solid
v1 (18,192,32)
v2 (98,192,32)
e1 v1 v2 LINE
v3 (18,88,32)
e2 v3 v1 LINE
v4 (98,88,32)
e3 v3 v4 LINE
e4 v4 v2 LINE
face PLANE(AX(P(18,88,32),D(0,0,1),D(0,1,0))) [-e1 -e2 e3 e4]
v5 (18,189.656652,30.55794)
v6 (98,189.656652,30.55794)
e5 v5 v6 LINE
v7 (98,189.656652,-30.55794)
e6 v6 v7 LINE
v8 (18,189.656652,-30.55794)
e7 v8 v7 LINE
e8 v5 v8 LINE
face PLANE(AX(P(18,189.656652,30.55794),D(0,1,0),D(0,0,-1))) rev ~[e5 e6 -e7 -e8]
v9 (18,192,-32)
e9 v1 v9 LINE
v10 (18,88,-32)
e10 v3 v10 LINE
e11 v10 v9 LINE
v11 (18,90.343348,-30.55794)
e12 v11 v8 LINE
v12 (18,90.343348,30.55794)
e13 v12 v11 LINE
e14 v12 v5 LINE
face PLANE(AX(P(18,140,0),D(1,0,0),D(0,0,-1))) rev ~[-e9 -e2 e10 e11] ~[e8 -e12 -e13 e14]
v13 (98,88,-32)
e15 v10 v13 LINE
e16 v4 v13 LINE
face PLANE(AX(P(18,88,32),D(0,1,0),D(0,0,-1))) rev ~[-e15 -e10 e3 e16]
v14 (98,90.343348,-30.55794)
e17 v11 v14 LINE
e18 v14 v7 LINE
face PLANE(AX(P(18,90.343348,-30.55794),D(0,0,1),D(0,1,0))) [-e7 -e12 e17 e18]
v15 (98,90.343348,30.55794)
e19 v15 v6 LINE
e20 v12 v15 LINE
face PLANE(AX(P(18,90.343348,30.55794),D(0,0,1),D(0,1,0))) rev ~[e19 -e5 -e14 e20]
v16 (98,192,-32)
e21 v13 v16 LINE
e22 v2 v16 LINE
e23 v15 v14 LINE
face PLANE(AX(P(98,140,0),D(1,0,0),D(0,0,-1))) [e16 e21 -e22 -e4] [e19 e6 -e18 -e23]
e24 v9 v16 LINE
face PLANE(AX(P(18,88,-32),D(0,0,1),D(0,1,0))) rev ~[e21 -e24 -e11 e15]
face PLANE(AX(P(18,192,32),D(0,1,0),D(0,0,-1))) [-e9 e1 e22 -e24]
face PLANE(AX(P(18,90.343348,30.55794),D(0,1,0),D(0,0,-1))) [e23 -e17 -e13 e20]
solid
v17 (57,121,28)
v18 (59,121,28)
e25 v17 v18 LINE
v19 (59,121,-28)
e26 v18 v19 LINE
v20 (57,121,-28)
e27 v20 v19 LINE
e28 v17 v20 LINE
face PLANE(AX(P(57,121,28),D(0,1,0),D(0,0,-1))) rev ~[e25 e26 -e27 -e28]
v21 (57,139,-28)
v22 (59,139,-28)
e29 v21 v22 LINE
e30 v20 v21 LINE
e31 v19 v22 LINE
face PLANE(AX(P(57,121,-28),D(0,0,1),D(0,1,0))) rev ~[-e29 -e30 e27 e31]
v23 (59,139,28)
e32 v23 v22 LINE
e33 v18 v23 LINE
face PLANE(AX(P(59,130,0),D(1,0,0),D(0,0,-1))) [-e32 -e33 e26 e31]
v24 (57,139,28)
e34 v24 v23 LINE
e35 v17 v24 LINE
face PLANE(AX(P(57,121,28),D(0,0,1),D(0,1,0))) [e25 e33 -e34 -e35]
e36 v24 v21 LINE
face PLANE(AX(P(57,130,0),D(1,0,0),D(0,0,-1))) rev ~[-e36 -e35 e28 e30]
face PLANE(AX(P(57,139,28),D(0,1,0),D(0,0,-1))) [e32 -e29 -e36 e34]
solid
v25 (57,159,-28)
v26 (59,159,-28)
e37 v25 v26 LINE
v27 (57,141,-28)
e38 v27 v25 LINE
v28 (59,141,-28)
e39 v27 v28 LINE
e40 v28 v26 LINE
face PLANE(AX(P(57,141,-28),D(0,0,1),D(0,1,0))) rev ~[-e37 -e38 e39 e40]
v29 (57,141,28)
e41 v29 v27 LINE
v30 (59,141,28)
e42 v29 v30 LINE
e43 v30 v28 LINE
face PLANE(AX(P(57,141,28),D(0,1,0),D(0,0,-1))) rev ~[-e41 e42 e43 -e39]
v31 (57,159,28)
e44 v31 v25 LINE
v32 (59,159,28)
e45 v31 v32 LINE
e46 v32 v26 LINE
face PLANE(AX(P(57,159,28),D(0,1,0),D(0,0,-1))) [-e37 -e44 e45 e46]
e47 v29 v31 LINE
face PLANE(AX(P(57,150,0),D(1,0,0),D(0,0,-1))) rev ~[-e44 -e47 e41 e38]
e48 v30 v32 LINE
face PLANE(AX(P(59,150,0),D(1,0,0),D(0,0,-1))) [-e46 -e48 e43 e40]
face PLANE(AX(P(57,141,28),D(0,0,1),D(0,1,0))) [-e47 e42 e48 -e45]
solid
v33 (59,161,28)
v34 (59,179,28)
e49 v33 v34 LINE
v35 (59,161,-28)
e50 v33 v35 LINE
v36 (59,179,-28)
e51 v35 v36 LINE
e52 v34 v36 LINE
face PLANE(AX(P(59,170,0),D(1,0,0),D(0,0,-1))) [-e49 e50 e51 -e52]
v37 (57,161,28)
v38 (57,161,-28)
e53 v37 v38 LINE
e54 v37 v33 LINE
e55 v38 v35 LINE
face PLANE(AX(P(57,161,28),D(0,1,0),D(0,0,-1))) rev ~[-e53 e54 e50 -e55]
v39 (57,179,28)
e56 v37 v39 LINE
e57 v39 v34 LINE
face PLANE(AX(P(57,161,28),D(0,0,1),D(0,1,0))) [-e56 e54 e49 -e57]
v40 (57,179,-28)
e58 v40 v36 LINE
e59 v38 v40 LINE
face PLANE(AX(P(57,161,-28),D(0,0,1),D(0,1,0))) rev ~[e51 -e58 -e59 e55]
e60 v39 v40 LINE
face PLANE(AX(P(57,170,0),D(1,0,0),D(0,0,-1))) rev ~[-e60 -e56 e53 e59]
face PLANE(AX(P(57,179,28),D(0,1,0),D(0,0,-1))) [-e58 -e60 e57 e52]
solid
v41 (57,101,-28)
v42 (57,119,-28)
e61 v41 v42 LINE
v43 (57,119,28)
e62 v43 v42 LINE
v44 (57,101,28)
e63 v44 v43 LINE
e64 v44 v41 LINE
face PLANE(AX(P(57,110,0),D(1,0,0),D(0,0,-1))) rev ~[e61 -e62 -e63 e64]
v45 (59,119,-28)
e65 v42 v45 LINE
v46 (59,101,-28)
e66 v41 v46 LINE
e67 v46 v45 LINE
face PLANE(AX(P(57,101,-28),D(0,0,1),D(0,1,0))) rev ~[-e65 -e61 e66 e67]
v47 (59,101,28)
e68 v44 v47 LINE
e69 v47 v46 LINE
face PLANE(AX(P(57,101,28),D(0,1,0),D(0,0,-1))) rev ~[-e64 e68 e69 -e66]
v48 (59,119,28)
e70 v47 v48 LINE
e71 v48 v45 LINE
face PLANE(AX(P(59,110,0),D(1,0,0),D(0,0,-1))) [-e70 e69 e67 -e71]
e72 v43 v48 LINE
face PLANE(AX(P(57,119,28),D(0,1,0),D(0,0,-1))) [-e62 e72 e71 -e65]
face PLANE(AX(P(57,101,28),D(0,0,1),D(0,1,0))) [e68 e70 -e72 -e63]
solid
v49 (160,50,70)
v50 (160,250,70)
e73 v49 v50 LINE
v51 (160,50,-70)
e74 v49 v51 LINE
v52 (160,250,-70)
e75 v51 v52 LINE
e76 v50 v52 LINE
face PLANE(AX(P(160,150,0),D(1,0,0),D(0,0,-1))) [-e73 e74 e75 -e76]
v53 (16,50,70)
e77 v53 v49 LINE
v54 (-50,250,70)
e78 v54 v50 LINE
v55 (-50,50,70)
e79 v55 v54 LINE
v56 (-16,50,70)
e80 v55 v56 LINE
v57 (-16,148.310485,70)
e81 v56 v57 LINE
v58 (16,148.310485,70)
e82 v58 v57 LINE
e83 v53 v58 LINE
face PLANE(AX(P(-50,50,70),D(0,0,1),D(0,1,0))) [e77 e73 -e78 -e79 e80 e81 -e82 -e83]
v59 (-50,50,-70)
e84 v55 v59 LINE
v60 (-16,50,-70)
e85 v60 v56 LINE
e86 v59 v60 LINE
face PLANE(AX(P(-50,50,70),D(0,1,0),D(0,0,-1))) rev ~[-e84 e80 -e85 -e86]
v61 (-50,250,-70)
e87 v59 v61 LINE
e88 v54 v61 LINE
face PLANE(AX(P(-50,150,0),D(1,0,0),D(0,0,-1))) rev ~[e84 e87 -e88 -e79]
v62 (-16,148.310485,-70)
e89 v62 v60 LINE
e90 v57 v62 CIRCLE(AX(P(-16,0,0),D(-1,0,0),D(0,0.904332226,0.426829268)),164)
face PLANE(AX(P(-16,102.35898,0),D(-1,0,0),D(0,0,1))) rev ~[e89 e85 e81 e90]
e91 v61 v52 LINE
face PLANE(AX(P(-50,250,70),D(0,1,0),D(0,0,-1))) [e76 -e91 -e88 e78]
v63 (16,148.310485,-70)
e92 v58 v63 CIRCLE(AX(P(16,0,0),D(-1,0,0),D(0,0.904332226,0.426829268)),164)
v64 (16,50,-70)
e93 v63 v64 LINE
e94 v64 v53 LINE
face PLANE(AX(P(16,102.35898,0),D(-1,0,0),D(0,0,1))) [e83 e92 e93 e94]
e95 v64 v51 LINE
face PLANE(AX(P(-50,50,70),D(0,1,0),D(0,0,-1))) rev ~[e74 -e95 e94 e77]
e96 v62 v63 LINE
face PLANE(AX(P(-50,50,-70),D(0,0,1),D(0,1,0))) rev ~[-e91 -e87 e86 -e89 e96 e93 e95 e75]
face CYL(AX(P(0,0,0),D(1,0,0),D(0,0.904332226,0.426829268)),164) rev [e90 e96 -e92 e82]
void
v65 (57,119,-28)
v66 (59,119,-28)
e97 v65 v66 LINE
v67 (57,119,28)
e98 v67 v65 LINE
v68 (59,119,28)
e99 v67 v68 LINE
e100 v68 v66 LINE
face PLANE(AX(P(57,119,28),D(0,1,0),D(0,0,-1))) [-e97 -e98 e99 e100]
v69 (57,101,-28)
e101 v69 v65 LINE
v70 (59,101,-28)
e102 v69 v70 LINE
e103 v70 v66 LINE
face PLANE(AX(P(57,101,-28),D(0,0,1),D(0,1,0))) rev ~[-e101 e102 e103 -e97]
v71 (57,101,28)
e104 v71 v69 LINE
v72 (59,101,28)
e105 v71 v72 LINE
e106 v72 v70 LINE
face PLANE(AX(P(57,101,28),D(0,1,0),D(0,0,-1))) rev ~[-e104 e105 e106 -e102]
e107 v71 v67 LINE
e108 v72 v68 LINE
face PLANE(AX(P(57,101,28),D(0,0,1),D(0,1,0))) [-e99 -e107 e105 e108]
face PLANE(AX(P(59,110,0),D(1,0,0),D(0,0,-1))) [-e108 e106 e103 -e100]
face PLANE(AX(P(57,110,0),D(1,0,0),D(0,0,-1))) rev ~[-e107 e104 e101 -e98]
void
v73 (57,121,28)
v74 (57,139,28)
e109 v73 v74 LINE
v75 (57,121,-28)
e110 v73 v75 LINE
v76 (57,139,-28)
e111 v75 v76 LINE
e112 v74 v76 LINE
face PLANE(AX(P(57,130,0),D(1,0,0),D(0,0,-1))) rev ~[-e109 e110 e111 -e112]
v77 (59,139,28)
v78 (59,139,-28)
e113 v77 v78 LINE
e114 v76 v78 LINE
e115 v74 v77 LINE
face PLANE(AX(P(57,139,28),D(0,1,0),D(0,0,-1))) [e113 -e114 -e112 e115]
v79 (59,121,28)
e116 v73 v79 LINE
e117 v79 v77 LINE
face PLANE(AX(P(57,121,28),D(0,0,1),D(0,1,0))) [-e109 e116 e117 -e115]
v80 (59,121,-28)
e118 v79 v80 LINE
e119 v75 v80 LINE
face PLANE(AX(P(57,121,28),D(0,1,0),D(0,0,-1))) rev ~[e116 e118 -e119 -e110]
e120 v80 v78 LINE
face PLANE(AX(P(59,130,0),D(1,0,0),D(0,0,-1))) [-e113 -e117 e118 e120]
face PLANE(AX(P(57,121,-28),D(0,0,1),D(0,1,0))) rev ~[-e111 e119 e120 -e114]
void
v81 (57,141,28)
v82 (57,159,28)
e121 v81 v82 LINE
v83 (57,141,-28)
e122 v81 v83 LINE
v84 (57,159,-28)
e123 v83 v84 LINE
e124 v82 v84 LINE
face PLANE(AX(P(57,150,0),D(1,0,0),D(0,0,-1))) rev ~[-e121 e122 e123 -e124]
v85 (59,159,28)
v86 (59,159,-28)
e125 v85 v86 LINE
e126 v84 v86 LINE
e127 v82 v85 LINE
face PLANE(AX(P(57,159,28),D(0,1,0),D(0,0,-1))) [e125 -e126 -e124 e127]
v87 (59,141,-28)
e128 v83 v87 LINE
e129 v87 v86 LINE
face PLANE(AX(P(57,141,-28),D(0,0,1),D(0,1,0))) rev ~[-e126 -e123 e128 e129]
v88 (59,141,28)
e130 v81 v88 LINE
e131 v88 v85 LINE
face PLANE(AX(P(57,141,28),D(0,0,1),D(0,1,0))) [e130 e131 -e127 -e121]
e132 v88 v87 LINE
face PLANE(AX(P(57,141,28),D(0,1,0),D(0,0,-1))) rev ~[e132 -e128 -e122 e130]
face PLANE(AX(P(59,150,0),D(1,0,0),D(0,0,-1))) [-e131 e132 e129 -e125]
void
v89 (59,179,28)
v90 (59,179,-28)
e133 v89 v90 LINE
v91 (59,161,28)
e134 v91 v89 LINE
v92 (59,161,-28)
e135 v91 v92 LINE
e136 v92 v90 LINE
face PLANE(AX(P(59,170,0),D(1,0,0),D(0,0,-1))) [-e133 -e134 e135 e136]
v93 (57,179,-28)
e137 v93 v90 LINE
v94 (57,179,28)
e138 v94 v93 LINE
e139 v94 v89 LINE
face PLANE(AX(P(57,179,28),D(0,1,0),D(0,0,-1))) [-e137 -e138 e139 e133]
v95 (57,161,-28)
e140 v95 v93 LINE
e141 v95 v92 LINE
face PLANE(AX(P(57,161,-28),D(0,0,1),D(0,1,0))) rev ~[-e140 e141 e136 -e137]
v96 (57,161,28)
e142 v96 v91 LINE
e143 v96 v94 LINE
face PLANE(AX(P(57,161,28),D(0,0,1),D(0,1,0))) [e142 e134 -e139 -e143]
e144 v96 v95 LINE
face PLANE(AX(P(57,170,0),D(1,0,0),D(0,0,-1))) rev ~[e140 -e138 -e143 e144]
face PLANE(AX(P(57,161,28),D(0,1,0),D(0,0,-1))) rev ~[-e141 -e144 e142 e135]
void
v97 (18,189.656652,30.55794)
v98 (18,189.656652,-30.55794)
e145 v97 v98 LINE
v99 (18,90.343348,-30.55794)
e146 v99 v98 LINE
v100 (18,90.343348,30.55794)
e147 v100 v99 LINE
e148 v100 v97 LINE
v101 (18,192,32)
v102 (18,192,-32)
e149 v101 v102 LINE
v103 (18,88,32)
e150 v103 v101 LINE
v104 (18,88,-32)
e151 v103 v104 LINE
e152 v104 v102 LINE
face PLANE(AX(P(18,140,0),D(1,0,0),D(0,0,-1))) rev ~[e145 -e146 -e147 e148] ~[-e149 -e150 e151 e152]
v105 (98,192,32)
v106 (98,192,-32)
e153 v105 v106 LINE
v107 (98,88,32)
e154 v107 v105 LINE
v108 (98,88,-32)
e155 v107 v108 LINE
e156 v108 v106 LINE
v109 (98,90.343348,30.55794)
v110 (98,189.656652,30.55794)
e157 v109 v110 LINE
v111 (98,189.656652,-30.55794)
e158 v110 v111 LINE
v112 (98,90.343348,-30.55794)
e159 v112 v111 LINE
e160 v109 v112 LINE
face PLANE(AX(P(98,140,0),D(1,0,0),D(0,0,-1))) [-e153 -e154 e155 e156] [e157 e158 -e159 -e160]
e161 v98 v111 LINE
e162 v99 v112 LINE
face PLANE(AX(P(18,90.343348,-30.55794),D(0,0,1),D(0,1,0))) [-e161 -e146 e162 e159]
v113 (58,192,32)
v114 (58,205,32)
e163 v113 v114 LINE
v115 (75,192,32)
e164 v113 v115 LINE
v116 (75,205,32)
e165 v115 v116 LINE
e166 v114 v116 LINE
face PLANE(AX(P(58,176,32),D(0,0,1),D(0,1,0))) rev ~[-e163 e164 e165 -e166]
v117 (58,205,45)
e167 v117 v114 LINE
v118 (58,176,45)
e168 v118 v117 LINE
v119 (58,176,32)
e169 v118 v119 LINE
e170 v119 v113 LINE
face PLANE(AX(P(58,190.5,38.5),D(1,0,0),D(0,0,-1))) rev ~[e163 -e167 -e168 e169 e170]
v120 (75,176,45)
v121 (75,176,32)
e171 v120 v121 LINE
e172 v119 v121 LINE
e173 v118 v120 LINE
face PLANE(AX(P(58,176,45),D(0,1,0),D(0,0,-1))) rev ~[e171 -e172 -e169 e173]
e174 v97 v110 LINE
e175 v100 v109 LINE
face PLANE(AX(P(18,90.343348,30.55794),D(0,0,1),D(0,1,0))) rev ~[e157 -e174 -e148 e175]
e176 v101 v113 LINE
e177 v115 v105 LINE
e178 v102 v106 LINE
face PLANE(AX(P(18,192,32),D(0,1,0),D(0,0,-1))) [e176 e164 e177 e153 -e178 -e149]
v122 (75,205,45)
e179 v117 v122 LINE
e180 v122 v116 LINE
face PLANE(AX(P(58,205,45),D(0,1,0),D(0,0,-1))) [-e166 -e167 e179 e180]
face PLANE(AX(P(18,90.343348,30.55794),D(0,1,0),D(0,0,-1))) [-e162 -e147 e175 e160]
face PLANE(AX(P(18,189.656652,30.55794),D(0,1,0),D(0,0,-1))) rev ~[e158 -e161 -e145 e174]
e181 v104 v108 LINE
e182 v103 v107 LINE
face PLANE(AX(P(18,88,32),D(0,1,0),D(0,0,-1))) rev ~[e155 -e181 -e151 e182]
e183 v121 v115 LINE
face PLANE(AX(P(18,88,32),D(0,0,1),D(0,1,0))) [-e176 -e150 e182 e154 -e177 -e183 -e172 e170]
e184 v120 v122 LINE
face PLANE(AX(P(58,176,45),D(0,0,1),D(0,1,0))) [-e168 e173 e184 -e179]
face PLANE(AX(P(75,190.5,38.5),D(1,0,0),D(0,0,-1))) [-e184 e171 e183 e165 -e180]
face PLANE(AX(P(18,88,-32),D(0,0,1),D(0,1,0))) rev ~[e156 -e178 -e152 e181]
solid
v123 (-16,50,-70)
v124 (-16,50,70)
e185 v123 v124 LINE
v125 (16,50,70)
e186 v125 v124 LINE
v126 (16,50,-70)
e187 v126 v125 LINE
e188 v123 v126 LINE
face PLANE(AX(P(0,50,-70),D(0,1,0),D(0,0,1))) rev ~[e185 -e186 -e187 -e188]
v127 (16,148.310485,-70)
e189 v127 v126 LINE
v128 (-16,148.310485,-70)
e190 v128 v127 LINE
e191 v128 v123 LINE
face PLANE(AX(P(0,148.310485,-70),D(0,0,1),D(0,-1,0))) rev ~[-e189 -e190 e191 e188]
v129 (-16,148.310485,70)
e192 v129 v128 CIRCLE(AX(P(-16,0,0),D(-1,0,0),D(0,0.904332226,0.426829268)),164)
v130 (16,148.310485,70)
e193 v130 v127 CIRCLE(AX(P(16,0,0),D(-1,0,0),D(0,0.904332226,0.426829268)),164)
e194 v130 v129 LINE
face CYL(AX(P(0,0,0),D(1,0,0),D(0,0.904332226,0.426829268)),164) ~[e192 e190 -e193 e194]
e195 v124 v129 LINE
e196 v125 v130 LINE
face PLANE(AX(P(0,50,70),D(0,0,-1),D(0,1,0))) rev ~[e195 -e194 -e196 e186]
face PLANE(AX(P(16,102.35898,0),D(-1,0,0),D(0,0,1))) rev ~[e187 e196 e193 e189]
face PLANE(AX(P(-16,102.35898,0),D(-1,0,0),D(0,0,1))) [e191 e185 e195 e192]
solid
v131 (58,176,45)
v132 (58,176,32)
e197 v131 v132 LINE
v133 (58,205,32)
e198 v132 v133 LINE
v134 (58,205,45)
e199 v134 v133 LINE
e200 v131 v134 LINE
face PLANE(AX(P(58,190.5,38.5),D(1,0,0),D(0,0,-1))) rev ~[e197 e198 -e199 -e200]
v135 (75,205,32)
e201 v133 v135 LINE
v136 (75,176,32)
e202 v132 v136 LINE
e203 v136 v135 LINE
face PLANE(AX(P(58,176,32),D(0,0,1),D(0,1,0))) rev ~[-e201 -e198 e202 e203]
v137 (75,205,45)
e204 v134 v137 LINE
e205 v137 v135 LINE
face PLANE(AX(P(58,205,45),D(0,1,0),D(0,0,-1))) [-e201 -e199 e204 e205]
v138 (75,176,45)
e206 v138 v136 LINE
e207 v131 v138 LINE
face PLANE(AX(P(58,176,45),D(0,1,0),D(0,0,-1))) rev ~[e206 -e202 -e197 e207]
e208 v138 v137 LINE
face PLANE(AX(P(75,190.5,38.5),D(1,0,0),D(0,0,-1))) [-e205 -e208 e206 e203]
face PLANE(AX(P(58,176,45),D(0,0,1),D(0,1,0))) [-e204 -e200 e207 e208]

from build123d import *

# Parameters (mm, degrees)
FLUID_BOX_START    = -50
SKETCH1_W          = 140
SKETCH1_H          = 200
FLUID_BOX_DEPTH    = 210
ROTOR_TOOL_DEPTH   = 16
DUCT_TOOL_START    = 18
SKETCH3_W          = 64
SKETCH3_H          = 104
SKETCH3_W_2        = 61.115879828
SKETCH3_H_2        = 99.313304722
DUCT_TOOL_DEPTH    = 80
LOUVER1_TOOL_START = 57
SKETCH4_W          = 56
SKETCH4_H          = 18
LOUVER1_TOOL_DEPTH = 2
LOUVER2_TOOL_START = 57
SKETCH5_W          = 56
SKETCH5_H          = 18
LOUVER2_TOOL_DEPTH = 2
LOUVER3_TOOL_START = 57
SKETCH6_W          = 56
SKETCH6_H          = 18
LOUVER3_TOOL_DEPTH = 2
LOUVER4_TOOL_START = 57
SKETCH7_W          = 56
SKETCH7_H          = 18
LOUVER4_TOOL_DEPTH = 2
POCKET_TOOL_START  = 58
SKETCH8_W          = 13
SKETCH8_H          = 29
POCKET_TOOL_DEPTH  = 17
ROTOR_KEEP_DEPTH   = 16
DUCT_KEEP_START    = 18
SKETCH10_W         = 64
SKETCH10_H         = 104
SKETCH10_W_2       = 61.115879828
SKETCH10_H_2       = 99.313304722
DUCT_KEEP_DEPTH    = 80
LOUVER1_KEEP_START = 57
SKETCH11_W         = 56
SKETCH11_H         = 18
LOUVER1_KEEP_DEPTH = 2
LOUVER2_KEEP_START = 57
SKETCH12_W         = 56
SKETCH12_H         = 18
LOUVER2_KEEP_DEPTH = 2
LOUVER3_KEEP_START = 57
SKETCH13_W         = 56
SKETCH13_H         = 18
LOUVER3_KEEP_DEPTH = 2
LOUVER4_KEEP_START = 57
SKETCH14_W         = 56
SKETCH14_H         = 18
LOUVER4_KEEP_DEPTH = 2
POCKET_KEEP_START  = 58
SKETCH15_W         = 13
SKETCH15_H         = 29
POCKET_KEEP_DEPTH  = 17


with BuildPart() as part:
    # Sketch1 → fluid_box (new body)
    with BuildSketch(Plane(origin=(0, 0, 0), x_dir=(0, 0, -1), z_dir=(1, 0, 0)).offset(FLUID_BOX_START)):
        with Locations((0, 150)):
            Rectangle(SKETCH1_W, SKETCH1_H)
    extrude(amount=FLUID_BOX_DEPTH)


with BuildPart() as body_2:
    # Sketch2 → rotor_tool (new, symmetric)
    with BuildSketch(Plane(origin=(0, 0, 0), x_dir=(0, 0, -1), z_dir=(1, 0, 0))):
        with BuildLine():
            Line((70, 50), (-70, 50))
            Line((-70, 50), (-70, 148.310485132))
            ThreePointArc((-70, 148.310485132), (0, 164), (70, 148.310485132))
            Line((70, 148.310485132), (70, 50))
        make_face()
    extrude(amount=ROTOR_TOOL_DEPTH, both=True)


with BuildPart() as body_3:
    # Sketch3 → duct_tool (new body)
    with BuildSketch(Plane(origin=(0, 0, 0), x_dir=(0, 0, -1), z_dir=(1, 0, 0)).offset(DUCT_TOOL_START)):
        with Locations((0, 140)):
            Rectangle(SKETCH3_W, SKETCH3_H)
        with Locations((0, 140)):
            Rectangle(SKETCH3_W_2, SKETCH3_H_2, mode=Mode.SUBTRACT)
    extrude(amount=DUCT_TOOL_DEPTH)


with BuildPart() as body_4:
    # Sketch4 → louver1_tool (new body)
    with BuildSketch(Plane(origin=(0, 0, 0), x_dir=(0, 0, -1), z_dir=(1, 0, 0)).offset(LOUVER1_TOOL_START)):
        with Locations((0, 110)):
            Rectangle(SKETCH4_W, SKETCH4_H)
    extrude(amount=LOUVER1_TOOL_DEPTH)


with BuildPart() as body_5:
    # Sketch5 → louver2_tool (new body)
    with BuildSketch(Plane(origin=(0, 0, 0), x_dir=(0, 0, -1), z_dir=(1, 0, 0)).offset(LOUVER2_TOOL_START)):
        with Locations((0, 130)):
            Rectangle(SKETCH5_W, SKETCH5_H)
    extrude(amount=LOUVER2_TOOL_DEPTH)


with BuildPart() as body_6:
    # Sketch6 → louver3_tool (new body)
    with BuildSketch(Plane(origin=(0, 0, 0), x_dir=(0, 0, -1), z_dir=(1, 0, 0)).offset(LOUVER3_TOOL_START)):
        with Locations((0, 150)):
            Rectangle(SKETCH6_W, SKETCH6_H)
    extrude(amount=LOUVER3_TOOL_DEPTH)


with BuildPart() as body_7:
    # Sketch7 → louver4_tool (new body)
    with BuildSketch(Plane(origin=(0, 0, 0), x_dir=(0, 0, -1), z_dir=(1, 0, 0)).offset(LOUVER4_TOOL_START)):
        with Locations((0, 170)):
            Rectangle(SKETCH7_W, SKETCH7_H)
    extrude(amount=LOUVER4_TOOL_DEPTH)


with BuildPart() as body_8:
    # Sketch8 → pocket_tool (new body)
    with BuildSketch(Plane(origin=(0, 0, 0), x_dir=(0, 0, -1), z_dir=(1, 0, 0)).offset(POCKET_TOOL_START)):
        with Locations((-38.5, 190.5)):
            Rectangle(SKETCH8_W, SKETCH8_H)
    extrude(amount=POCKET_TOOL_DEPTH)


with BuildPart() as part_1:
    add(part.part)

    # Combine1: cut body 5, body 8, body 3, body 7, body 6, body 2, body 4
    add(body_5.part, mode=Mode.SUBTRACT)
    add(body_8.part, mode=Mode.SUBTRACT)
    add(body_3.part, mode=Mode.SUBTRACT)
    add(body_7.part, mode=Mode.SUBTRACT)
    add(body_6.part, mode=Mode.SUBTRACT)
    add(body_2.part, mode=Mode.SUBTRACT)
    add(body_4.part, mode=Mode.SUBTRACT)


with BuildPart() as body_2_2:
    # Sketch9 → rotor_keep (new, symmetric)
    with BuildSketch(Plane(origin=(0, 0, 0), x_dir=(0, 0, -1), z_dir=(1, 0, 0))):
        with BuildLine():
            Line((70, 50), (-70, 50))
            Line((-70, 50), (-70, 148.310485132))
            ThreePointArc((-70, 148.310485132), (0, 164), (70, 148.310485132))
            Line((70, 148.310485132), (70, 50))
        make_face()
    extrude(amount=ROTOR_KEEP_DEPTH, both=True)


with BuildPart() as body_3_2:
    # Sketch10 → duct_keep (new body)
    with BuildSketch(Plane(origin=(0, 0, 0), x_dir=(0, 0, -1), z_dir=(1, 0, 0)).offset(DUCT_KEEP_START)):
        with Locations((0, 140)):
            Rectangle(SKETCH10_W, SKETCH10_H)
        with Locations((0, 140)):
            Rectangle(SKETCH10_W_2, SKETCH10_H_2, mode=Mode.SUBTRACT)
    extrude(amount=DUCT_KEEP_DEPTH)


with BuildPart() as body_4_2:
    # Sketch11 → louver1_keep (new body)
    with BuildSketch(Plane(origin=(0, 0, 0), x_dir=(0, 0, -1), z_dir=(1, 0, 0)).offset(LOUVER1_KEEP_START)):
        with Locations((0, 110)):
            Rectangle(SKETCH11_W, SKETCH11_H)
    extrude(amount=LOUVER1_KEEP_DEPTH)


with BuildPart() as body_5_2:
    # Sketch12 → louver2_keep (new body)
    with BuildSketch(Plane(origin=(0, 0, 0), x_dir=(0, 0, -1), z_dir=(1, 0, 0)).offset(LOUVER2_KEEP_START)):
        with Locations((0, 130)):
            Rectangle(SKETCH12_W, SKETCH12_H)
    extrude(amount=LOUVER2_KEEP_DEPTH)


with BuildPart() as body_6_2:
    # Sketch13 → louver3_keep (new body)
    with BuildSketch(Plane(origin=(0, 0, 0), x_dir=(0, 0, -1), z_dir=(1, 0, 0)).offset(LOUVER3_KEEP_START)):
        with Locations((0, 150)):
            Rectangle(SKETCH13_W, SKETCH13_H)
    extrude(amount=LOUVER3_KEEP_DEPTH)


with BuildPart() as body_7_2:
    # Sketch14 → louver4_keep (new body)
    with BuildSketch(Plane(origin=(0, 0, 0), x_dir=(0, 0, -1), z_dir=(1, 0, 0)).offset(LOUVER4_KEEP_START)):
        with Locations((0, 170)):
            Rectangle(SKETCH14_W, SKETCH14_H)
    extrude(amount=LOUVER4_KEEP_DEPTH)


with BuildPart() as body_8_2:
    # Sketch15 → pocket_keep (new body)
    with BuildSketch(Plane(origin=(0, 0, 0), x_dir=(0, 0, -1), z_dir=(1, 0, 0)).offset(POCKET_KEEP_START)):
        with Locations((-38.5, 190.5)):
            Rectangle(SKETCH15_W, SKETCH15_H)
    extrude(amount=POCKET_KEEP_DEPTH)


solid = Compound([part_1.part, body_2_2.part, body_3_2.part, body_4_2.part, body_5_2.part, body_6_2.part, body_7_2.part, body_8_2.part])
